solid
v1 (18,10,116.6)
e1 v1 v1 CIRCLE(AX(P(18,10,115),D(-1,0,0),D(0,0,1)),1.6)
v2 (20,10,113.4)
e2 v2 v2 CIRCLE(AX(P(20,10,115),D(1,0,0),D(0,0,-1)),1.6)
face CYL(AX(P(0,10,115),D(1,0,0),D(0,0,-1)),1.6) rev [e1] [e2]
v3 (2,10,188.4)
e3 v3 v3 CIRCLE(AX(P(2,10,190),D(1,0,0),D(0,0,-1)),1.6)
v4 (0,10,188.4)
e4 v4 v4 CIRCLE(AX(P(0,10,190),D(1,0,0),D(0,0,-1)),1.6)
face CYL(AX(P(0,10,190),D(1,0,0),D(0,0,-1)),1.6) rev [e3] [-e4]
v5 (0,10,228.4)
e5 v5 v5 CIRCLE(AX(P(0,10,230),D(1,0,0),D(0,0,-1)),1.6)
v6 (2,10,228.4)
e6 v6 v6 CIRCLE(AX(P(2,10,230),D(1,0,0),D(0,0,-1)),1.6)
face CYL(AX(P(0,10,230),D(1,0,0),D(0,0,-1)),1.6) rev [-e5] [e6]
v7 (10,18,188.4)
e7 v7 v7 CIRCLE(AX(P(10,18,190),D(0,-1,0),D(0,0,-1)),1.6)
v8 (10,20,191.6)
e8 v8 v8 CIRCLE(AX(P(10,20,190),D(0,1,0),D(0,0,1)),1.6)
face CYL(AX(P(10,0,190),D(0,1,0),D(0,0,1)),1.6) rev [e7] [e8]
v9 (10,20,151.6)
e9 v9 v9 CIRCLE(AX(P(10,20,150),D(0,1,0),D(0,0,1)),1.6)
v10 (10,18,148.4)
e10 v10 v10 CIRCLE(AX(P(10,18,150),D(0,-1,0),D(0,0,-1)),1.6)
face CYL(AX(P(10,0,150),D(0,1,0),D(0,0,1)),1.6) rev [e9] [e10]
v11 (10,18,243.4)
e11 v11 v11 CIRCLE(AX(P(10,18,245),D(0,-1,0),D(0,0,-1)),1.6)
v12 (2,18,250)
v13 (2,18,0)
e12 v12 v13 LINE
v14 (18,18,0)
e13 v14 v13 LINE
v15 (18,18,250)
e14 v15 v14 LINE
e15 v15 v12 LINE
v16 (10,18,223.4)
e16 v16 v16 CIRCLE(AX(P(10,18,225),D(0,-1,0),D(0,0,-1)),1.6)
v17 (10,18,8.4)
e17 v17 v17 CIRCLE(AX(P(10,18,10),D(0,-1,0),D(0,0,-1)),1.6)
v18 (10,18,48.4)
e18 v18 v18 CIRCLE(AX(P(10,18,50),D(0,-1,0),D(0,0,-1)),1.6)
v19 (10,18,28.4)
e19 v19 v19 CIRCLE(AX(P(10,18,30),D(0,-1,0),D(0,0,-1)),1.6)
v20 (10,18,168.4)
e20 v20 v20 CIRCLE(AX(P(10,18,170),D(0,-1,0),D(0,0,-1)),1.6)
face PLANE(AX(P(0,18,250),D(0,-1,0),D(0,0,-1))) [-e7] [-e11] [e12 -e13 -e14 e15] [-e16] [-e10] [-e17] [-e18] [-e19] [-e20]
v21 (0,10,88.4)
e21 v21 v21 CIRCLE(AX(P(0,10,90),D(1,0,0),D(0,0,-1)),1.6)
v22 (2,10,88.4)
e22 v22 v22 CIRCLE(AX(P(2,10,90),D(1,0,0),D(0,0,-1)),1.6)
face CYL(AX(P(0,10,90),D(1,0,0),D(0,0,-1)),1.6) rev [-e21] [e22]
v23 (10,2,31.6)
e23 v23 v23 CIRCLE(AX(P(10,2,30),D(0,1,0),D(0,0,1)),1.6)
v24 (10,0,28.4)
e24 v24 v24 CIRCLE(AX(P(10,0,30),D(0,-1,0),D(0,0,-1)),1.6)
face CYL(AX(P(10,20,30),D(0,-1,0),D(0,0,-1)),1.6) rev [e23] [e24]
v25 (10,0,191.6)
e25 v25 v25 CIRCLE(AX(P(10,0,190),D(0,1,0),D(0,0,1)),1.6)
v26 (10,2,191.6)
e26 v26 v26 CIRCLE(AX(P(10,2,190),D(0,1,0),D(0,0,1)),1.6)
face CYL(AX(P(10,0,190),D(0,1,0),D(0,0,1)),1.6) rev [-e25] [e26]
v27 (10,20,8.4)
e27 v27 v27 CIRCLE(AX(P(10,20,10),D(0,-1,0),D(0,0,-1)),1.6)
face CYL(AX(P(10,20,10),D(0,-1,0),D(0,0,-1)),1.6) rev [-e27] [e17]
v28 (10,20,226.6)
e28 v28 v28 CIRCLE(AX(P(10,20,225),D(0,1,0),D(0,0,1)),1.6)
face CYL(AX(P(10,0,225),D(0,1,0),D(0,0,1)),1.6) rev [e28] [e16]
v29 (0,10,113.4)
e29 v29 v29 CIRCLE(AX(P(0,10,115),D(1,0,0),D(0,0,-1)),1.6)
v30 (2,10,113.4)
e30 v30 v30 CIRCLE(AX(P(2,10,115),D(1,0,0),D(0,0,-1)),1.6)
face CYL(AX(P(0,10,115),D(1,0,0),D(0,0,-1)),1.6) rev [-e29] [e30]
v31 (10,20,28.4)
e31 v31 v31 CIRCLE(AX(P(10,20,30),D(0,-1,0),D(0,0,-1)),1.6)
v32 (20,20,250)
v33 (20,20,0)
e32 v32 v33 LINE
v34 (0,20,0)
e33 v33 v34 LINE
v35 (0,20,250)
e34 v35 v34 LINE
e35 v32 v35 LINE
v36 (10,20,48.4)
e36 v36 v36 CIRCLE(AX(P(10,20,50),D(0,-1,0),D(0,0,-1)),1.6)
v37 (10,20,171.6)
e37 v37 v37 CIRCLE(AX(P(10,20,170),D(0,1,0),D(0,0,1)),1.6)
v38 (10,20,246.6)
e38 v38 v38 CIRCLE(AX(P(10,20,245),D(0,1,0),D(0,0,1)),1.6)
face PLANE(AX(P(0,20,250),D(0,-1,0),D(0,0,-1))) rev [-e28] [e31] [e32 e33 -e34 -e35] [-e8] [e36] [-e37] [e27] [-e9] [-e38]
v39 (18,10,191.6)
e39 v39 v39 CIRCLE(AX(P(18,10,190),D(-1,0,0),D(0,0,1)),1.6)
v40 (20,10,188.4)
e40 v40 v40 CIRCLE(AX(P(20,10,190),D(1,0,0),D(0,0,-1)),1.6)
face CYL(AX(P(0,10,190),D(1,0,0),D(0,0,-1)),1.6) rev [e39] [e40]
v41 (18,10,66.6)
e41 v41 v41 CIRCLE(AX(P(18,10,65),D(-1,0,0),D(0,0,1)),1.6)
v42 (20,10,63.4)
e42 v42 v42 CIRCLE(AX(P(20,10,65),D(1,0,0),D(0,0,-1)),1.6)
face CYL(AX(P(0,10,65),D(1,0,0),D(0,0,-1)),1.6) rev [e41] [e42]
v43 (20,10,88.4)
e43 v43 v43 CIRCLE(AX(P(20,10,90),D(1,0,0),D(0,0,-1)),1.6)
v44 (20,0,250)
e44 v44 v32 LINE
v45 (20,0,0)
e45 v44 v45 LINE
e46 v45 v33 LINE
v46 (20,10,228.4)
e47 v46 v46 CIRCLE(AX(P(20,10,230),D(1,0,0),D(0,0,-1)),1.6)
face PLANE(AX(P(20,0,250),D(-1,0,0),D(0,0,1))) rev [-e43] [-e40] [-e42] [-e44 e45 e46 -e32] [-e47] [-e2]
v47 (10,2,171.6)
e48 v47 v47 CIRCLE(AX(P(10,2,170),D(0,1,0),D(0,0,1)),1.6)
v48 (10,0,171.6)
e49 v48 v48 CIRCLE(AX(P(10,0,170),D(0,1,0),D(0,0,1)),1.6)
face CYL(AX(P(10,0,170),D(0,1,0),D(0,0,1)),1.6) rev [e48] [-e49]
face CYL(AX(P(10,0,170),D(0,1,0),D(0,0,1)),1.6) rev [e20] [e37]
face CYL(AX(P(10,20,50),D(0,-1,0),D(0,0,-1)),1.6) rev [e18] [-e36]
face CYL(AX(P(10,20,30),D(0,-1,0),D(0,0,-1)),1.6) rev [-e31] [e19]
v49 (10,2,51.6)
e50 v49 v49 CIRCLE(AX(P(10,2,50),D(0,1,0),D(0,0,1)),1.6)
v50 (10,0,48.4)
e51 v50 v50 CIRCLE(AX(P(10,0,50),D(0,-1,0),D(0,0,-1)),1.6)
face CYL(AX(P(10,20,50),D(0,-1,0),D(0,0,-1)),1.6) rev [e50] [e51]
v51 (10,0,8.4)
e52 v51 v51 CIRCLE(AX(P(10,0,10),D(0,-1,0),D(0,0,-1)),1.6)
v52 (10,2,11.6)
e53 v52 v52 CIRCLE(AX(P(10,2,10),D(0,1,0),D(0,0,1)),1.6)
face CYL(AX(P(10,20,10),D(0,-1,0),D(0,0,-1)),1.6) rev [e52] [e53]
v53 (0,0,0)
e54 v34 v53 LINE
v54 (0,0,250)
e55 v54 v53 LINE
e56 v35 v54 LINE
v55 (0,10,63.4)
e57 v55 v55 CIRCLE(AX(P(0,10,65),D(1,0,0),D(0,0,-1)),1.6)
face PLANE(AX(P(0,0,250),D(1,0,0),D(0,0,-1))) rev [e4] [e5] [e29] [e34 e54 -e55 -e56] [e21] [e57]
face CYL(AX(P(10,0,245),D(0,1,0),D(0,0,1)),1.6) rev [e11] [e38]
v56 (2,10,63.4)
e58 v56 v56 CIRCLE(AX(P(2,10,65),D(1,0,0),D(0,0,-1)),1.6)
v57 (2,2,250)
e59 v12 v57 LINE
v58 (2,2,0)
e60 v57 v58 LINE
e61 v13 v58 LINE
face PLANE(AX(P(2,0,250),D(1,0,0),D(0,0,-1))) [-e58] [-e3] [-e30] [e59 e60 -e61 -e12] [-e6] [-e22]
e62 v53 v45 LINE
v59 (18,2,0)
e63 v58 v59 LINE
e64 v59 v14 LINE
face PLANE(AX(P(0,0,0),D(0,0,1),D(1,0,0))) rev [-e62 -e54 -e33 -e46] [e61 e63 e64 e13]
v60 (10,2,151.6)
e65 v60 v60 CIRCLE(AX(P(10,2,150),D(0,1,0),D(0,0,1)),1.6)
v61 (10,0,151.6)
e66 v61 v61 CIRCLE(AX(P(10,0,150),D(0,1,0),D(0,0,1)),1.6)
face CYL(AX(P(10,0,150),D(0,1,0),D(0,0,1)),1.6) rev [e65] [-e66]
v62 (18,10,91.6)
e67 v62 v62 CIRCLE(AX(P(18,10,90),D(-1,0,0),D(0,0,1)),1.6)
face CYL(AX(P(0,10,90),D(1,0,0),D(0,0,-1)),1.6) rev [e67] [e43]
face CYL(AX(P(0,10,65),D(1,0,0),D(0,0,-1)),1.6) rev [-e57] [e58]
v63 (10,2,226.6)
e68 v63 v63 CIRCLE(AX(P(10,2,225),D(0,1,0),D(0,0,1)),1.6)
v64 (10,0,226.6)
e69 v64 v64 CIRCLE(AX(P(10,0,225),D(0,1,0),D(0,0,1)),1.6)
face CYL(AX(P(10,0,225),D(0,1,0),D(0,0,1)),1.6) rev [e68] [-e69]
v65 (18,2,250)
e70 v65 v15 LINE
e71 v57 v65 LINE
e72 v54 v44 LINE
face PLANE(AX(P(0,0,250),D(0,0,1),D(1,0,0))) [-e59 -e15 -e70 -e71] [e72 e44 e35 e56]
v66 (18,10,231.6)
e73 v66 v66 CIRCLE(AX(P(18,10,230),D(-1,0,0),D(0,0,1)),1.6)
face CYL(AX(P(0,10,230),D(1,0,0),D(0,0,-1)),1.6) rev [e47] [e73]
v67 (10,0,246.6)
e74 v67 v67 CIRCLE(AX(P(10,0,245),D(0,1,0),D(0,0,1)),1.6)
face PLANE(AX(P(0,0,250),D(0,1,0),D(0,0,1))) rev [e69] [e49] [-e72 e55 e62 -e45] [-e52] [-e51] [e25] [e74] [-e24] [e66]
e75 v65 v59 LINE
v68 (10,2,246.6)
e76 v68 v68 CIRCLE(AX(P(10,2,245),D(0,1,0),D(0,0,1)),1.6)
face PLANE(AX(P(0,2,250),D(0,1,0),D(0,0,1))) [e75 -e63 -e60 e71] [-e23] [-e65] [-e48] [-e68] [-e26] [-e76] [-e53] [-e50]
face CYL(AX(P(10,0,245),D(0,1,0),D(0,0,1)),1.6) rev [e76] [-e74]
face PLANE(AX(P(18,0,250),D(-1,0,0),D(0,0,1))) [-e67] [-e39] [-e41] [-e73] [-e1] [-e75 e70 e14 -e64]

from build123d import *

# Parameters (mm, degrees)
SKETCH_1_W          = 20
SKETCH_1_H          = 20
SKETCH_1_W_2        = 16
SKETCH_1_H_2        = 16
EXTRUDE_1_DEPTH     = 250
SKETCH_2_R          = 1.6
CUT_EXTRUDE_1_DEPTH = 252.594912508
SKETCH_3_R          = 1.6
CUT_EXTRUDE_2_DEPTH = 252.594912508
SKETCH_4_R          = 1.6
CUT_EXTRUDE_3_DEPTH = 252.594912508
SKETCH_5_R          = 1.6
CUT_EXTRUDE_4_DEPTH = 252.594912508


with BuildPart() as part:
    # 草图1 → 拉伸-薄壁1 (new body)
    with BuildSketch(Plane.XY):
        with Locations((10, 10)):
            Rectangle(SKETCH_1_W, SKETCH_1_H)
        with Locations((10, 10)):
            Rectangle(SKETCH_1_W_2, SKETCH_1_H_2, mode=Mode.SUBTRACT)
    extrude(amount=EXTRUDE_1_DEPTH)

    # 草图2 → 切除-拉伸1 (cut, through all)
    with BuildSketch(Plane.XZ):
        with Locations(Location((10, 10, 0), (0, 0, 270))):
            Circle(SKETCH_2_R)
        with Locations(Location((10, 30, 0), (0, 0, 270))):
            Circle(SKETCH_2_R)
        with Locations(Location((10, 50, 0), (0, 0, 270))):
            Circle(SKETCH_2_R)
    extrude(amount=-CUT_EXTRUDE_1_DEPTH, mode=Mode.SUBTRACT)

    # 草图3 → 切除-拉伸2 (cut, through all)
    with BuildSketch(Plane(origin=(0, 20, 0), x_dir=(1, 0, 0), z_dir=(0, 1, 0))):
        with Locations(Location((10, -150, 0), (0, 0, 270))):
            Circle(SKETCH_3_R)
        with Locations(Location((10, -170, 0), (0, 0, 270))):
            Circle(SKETCH_3_R)
        with Locations(Location((10, -190, 0), (0, 0, 270))):
            Circle(SKETCH_3_R)
        with Locations(Location((10, -245, 0), (0, 0, 270))):
            Circle(SKETCH_3_R)
        with Locations(Location((10, -225, 0), (0, 0, 270))):
            Circle(SKETCH_3_R)
    extrude(amount=-CUT_EXTRUDE_2_DEPTH, mode=Mode.SUBTRACT)

    # 草图4 → 切除-拉伸3 (cut, through all)
    with BuildSketch(Plane(origin=(20, 0, 0), x_dir=(0, 0, -1), z_dir=(1, 0, 0))):
        with Locations((-230, 10)):
            Circle(SKETCH_4_R)
        with Locations((-190, 10)):
            Circle(SKETCH_4_R)
    extrude(amount=-CUT_EXTRUDE_3_DEPTH, mode=Mode.SUBTRACT)

    # 草图5 → 切除-拉伸4 (cut, through all)
    with BuildSketch(Plane(origin=(20, 0, 0), x_dir=(0, 0, -1), z_dir=(1, 0, 0))):
        with Locations((-90, 10)):
            Circle(SKETCH_5_R)
        with Locations((-115, 10)):
            Circle(SKETCH_5_R)
        with Locations((-65, 10)):
            Circle(SKETCH_5_R)
    extrude(amount=-CUT_EXTRUDE_4_DEPTH, mode=Mode.SUBTRACT)


solid = part.part
